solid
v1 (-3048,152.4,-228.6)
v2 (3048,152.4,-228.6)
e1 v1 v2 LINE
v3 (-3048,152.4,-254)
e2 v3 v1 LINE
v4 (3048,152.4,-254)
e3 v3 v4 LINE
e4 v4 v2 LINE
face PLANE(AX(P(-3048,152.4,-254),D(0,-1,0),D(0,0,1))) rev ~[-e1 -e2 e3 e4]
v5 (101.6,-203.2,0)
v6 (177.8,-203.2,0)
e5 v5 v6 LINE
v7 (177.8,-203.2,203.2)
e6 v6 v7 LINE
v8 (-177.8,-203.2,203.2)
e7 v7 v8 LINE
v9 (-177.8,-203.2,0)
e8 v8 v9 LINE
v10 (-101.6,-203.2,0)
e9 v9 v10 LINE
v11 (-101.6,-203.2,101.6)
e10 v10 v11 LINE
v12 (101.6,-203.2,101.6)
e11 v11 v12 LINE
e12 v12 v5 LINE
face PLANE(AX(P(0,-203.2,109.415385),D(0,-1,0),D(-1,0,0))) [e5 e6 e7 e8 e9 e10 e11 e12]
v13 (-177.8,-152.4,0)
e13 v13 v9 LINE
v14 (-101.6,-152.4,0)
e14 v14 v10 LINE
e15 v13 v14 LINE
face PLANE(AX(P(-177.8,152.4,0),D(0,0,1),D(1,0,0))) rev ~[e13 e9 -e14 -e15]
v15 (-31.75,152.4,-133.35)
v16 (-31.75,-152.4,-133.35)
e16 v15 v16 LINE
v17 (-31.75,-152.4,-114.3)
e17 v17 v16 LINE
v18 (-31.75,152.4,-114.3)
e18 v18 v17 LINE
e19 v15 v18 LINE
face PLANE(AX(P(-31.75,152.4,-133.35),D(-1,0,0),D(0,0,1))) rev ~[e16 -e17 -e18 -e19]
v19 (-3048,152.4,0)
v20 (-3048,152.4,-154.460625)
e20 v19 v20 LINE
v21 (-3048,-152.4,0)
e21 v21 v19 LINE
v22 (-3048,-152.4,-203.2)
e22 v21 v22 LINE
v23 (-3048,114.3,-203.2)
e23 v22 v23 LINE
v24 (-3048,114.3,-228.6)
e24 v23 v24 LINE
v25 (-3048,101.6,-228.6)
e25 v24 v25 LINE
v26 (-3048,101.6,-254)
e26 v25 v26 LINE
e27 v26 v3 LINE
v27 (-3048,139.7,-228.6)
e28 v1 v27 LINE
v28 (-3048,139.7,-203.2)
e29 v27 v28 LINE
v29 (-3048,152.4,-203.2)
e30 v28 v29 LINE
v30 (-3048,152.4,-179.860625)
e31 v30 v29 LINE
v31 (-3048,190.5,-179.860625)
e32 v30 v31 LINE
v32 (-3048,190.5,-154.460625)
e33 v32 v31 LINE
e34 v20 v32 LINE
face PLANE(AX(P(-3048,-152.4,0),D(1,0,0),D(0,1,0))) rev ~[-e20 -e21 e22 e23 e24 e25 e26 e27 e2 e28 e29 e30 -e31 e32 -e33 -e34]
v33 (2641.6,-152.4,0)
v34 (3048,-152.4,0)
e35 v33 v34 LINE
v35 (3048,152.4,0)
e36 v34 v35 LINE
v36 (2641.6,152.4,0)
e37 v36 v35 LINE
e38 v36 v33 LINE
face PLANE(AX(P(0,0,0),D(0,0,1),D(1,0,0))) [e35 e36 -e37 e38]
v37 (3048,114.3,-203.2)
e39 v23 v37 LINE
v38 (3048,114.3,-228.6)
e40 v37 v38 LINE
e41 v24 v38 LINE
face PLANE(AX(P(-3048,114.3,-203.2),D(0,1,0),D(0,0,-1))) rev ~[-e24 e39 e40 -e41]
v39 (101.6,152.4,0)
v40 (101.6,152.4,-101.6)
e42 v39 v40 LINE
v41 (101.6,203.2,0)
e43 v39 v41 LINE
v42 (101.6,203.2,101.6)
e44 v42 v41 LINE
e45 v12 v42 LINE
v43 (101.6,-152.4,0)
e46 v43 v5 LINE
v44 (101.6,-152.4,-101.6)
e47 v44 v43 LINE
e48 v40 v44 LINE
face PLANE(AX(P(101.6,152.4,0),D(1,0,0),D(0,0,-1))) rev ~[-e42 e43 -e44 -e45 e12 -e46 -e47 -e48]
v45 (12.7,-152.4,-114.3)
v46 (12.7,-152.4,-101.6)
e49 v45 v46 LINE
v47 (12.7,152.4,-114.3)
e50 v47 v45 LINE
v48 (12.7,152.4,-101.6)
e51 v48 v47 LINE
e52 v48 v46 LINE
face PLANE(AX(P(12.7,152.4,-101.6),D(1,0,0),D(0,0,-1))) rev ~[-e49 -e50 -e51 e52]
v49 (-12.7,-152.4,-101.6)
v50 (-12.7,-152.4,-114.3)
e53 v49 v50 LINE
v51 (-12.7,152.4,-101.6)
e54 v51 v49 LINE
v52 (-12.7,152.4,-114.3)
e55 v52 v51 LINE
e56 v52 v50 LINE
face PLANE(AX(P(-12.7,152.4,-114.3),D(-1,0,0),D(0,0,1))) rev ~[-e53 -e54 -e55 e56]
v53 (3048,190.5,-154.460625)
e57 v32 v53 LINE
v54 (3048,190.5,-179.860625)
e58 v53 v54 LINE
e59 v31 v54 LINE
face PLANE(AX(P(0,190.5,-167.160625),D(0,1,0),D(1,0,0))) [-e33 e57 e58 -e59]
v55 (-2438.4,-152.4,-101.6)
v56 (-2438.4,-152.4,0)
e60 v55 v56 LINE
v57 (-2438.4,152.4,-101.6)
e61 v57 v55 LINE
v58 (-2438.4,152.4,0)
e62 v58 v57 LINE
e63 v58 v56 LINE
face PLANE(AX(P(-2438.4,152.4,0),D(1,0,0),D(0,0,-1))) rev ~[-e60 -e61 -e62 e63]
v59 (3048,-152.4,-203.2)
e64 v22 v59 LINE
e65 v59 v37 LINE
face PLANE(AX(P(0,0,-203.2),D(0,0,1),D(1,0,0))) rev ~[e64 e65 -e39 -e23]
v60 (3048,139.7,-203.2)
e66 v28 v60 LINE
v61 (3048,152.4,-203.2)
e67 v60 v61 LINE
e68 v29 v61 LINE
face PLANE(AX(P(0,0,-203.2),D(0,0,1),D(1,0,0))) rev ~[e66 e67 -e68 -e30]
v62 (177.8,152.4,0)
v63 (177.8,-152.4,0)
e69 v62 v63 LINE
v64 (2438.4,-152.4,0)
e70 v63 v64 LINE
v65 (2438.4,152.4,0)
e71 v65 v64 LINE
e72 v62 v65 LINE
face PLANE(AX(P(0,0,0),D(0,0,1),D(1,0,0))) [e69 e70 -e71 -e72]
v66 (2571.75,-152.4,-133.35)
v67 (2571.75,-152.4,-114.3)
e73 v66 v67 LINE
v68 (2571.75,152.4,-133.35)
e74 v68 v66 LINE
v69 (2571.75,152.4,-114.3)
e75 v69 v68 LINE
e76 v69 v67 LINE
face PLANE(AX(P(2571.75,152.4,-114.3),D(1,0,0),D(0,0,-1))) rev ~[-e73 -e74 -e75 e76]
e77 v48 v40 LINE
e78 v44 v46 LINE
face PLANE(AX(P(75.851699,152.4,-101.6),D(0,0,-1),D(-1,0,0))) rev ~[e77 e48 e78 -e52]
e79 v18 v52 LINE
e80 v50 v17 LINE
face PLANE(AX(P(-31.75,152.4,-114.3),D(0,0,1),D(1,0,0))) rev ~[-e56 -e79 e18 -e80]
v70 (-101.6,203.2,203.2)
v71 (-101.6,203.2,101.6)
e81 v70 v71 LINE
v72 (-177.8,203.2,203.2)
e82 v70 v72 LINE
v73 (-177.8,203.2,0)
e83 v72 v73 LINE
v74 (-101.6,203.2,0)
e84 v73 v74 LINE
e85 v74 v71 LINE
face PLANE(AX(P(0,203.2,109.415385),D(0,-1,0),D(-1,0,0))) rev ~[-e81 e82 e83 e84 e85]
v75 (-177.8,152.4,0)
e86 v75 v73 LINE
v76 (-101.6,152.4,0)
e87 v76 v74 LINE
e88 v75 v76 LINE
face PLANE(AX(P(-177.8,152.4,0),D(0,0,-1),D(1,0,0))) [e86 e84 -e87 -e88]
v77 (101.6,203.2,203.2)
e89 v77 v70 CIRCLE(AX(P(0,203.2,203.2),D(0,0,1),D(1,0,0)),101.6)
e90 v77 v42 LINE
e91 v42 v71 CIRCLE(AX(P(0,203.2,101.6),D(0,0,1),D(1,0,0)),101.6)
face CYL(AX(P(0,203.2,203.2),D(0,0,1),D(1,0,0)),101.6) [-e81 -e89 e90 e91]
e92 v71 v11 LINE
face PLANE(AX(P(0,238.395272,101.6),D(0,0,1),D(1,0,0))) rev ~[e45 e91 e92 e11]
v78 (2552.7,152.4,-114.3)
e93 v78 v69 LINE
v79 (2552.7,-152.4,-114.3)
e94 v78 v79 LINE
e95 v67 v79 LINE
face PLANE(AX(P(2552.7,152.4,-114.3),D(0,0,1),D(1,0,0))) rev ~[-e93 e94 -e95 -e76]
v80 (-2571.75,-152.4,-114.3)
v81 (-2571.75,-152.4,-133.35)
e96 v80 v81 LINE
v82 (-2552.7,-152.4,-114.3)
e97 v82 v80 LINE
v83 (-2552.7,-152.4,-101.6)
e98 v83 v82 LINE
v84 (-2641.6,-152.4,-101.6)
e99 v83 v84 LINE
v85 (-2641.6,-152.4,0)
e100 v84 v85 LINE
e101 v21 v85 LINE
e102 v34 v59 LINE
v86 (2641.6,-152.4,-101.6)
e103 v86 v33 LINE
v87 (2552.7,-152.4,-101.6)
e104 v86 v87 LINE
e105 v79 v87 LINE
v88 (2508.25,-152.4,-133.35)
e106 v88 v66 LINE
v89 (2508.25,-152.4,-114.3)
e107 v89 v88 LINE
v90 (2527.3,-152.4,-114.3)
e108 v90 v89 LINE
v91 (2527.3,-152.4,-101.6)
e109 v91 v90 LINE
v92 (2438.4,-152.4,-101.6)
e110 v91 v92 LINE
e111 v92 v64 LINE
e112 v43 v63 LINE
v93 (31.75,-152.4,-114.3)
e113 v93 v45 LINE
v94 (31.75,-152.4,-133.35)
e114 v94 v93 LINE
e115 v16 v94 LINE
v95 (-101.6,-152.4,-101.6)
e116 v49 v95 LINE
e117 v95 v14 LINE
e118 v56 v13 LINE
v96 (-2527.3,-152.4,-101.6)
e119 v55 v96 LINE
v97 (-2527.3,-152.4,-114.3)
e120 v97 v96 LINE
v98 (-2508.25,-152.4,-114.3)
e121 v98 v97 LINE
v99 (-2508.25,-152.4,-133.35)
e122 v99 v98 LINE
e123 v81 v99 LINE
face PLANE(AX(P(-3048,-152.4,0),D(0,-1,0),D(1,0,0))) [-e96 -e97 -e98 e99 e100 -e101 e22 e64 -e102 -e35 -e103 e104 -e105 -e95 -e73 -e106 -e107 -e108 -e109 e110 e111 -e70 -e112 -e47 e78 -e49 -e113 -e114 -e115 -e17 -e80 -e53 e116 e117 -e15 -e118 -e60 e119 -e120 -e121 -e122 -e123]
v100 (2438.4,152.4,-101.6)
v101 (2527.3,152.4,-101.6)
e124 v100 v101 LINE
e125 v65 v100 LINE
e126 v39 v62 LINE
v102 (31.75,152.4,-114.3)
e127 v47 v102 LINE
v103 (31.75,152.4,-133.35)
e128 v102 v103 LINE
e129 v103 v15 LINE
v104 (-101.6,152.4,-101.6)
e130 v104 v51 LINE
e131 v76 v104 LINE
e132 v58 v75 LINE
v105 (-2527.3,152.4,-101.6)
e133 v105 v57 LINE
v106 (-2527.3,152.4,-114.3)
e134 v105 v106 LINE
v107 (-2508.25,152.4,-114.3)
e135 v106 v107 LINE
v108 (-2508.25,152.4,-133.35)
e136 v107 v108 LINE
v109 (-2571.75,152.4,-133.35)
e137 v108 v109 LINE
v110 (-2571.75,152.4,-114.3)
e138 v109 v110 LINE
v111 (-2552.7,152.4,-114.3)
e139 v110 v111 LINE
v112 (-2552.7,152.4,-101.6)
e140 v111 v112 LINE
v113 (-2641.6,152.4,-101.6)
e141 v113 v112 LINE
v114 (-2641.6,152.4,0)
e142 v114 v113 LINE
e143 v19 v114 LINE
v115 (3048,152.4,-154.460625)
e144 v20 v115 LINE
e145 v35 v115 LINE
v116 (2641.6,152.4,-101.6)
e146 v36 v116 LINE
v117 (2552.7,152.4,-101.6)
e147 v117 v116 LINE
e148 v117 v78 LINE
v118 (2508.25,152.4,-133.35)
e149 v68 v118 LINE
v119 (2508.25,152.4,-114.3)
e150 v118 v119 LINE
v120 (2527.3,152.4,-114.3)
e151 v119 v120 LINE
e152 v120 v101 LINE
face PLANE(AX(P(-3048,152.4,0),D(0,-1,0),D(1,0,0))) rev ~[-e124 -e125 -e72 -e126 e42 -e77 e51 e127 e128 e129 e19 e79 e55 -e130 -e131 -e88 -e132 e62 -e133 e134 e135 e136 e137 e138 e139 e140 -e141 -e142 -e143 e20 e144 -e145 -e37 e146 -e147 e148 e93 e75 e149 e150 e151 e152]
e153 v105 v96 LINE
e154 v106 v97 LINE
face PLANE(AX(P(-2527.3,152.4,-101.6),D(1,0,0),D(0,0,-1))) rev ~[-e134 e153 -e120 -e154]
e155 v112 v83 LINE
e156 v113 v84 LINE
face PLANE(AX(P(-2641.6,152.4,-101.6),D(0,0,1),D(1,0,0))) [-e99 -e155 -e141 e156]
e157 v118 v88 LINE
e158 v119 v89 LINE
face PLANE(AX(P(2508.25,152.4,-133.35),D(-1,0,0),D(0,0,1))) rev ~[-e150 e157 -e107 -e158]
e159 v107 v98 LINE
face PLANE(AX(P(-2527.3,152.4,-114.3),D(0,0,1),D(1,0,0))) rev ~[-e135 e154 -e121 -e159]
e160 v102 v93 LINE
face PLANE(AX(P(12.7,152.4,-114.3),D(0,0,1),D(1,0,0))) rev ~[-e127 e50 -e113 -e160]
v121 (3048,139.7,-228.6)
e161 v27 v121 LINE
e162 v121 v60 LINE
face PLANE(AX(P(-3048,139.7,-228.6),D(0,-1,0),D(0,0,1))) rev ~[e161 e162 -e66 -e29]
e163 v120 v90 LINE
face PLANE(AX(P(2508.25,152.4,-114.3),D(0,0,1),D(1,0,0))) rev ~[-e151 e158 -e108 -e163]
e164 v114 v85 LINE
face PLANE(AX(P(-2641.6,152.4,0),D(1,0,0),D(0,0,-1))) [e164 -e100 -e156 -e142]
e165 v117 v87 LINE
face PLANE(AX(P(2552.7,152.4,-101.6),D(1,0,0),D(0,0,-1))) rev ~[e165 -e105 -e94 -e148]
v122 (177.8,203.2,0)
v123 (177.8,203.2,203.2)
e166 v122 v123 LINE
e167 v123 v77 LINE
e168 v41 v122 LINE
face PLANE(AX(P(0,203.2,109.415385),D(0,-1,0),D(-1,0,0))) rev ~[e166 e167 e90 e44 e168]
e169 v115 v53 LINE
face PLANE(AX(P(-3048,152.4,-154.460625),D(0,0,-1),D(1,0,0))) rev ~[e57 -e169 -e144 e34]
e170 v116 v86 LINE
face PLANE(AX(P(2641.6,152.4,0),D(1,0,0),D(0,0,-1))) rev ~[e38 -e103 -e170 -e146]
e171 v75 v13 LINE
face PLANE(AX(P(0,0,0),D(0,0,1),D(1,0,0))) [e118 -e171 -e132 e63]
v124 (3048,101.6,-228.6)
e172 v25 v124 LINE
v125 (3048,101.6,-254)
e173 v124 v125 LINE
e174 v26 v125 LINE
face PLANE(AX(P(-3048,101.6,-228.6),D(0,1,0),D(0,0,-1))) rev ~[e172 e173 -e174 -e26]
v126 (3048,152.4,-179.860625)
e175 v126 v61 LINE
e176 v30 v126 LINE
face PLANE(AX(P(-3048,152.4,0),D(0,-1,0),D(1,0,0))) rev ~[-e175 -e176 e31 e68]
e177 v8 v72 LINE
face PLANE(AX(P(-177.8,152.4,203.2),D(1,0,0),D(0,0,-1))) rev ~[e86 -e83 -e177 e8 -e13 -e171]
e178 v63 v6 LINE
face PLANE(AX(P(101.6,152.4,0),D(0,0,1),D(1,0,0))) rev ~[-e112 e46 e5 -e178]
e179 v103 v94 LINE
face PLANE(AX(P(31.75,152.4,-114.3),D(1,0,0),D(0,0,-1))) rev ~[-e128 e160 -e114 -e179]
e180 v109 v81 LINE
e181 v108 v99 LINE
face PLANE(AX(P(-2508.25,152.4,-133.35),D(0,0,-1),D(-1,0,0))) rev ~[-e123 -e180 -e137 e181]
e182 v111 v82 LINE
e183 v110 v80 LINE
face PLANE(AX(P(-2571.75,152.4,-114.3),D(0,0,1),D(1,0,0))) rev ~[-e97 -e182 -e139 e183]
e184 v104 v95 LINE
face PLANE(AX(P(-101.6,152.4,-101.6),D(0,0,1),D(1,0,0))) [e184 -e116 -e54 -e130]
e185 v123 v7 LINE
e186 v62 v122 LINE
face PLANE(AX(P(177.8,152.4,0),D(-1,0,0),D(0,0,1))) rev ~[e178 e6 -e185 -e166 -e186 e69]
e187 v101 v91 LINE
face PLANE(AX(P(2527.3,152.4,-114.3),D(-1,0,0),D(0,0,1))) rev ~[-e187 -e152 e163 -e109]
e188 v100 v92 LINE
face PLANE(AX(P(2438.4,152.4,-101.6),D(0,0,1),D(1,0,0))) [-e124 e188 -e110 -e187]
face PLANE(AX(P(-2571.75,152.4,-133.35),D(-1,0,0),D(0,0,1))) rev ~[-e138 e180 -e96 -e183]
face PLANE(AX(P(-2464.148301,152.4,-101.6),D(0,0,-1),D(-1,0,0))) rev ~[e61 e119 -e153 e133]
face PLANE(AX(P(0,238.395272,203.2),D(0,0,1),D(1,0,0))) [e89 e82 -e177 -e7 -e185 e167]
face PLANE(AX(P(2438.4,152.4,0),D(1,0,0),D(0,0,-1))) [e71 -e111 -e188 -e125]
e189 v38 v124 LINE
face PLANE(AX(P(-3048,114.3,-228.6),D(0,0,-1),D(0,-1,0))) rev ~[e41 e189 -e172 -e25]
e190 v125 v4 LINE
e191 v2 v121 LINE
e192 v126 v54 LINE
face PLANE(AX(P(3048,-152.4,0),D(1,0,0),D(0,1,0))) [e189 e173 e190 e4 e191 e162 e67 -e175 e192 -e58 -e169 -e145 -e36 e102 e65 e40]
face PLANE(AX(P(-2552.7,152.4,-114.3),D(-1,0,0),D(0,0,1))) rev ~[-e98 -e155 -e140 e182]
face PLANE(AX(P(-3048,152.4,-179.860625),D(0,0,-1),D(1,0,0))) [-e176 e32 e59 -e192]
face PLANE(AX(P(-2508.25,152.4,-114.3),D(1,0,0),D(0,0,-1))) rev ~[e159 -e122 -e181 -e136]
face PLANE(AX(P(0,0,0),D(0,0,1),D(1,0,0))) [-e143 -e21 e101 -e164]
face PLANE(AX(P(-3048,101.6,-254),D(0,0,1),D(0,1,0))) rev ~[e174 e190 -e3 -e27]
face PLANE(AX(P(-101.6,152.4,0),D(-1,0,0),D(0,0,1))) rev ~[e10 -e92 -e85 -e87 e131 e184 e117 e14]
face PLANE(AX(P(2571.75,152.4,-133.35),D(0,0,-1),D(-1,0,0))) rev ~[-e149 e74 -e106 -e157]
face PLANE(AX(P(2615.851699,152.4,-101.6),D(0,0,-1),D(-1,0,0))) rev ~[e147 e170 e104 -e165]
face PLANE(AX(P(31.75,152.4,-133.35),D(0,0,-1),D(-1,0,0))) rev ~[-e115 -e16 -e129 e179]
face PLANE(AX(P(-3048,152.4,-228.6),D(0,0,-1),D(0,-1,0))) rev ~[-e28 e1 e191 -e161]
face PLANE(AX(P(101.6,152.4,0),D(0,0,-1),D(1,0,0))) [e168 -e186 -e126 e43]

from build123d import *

# Parameters (mm, degrees)
SKETCH2_W                = 6096
SKETCH2_H                = 304.8
BOSS_EXTRUDE1_DEPTH      = 203.2
CUT_EXTRUDE1_DEPTH       = 305.8
LPATTERN1_COUNT          = 2
LPATTERN1_PITCH          = 2540
LPATTERN1_COL_COUNT      = 2
LPATTERN1_COL_PITCH      = 2540
SKETCH5_W                = 6096
SKETCH5_H                = 25.4
BOSS_EXTRUDE2_DEPTH      = 38.1
SKETCH7_W                = 203.2
SKETCH7_H                = 101.6
CUT_EXTRUDE2_DEPTH       = 305.8
LPATTERN2_COUNT          = 2
LPATTERN2_PITCH          = 2540
LPATTERN2_COL_COUNT      = 2
LPATTERN2_COL_PITCH      = 2540
BOSS_EXTRUDE4_DEPTH      = 6096
BOSS_EXTRUDE5_DEPTH      = 50.8
BOSS_EXTRUDE5_DEPTH_BACK = 355.6
BOSS_EXTRUDE6_DEPTH      = 101.6


with BuildPart() as part:
    # Sketch2 → Boss-Extrude1 (new body)
    with BuildSketch(Plane.XY):
        Rectangle(SKETCH2_W, SKETCH2_H)
    extrude(amount=-BOSS_EXTRUDE1_DEPTH)

    # Sketch4 → Cut-Extrude1 (cut, through all)
    with BuildSketch(Plane(origin=(0, 152.4, 0), x_dir=(1, 0, 0), z_dir=(0, 1, 0))):
        Polygon((-75.851698824, 0), (75.851698824, 0), (75.851698824, 101.6), (12.7, 101.6), (12.7, 114.3), (31.75, 114.3), (31.75, 133.35), (-31.75, 133.35), (-31.75, 114.3), (-12.7, 114.3), (-12.7, 101.6), (-75.851698824, 101.6), align=None)
    cut_extrude1 = extrude(amount=-CUT_EXTRUDE1_DEPTH, mode=Mode.SUBTRACT)

    # LPattern1: Cut-Extrude1 ×2
    with Locations(*[(-i * LPATTERN1_PITCH, 0, 0) for i in range(1, LPATTERN1_COUNT)]):
        add(cut_extrude1, mode=Mode.SUBTRACT)

    # LPattern1 col: Cut-Extrude1 ×2
    with Locations(*[(i * LPATTERN1_COL_PITCH, 0, 0) for i in range(1, LPATTERN1_COL_COUNT)]):
        add(cut_extrude1, mode=Mode.SUBTRACT)

    # Sketch5 → Boss-Extrude2 (add)
    with BuildSketch(Plane(origin=(0, 152.4, 0), x_dir=(1, 0, 0), z_dir=(0, 1, 0))):
        with Locations((0, 167.160624532)):
            Rectangle(SKETCH5_W, SKETCH5_H)
    extrude(amount=BOSS_EXTRUDE2_DEPTH)

    # Sketch7 → Cut-Extrude2 (cut, through all)
    with BuildSketch(Plane(origin=(0, 152.4, 0), x_dir=(1, 0, 0), z_dir=(0, 1, 0))):
        with Locations((0, 50.8)):
            Rectangle(SKETCH7_W, SKETCH7_H)
    cut_extrude2 = extrude(amount=-CUT_EXTRUDE2_DEPTH, mode=Mode.SUBTRACT)

    # LPattern2: Cut-Extrude2 ×2
    with Locations(*[(-i * LPATTERN2_PITCH, 0, 0) for i in range(1, LPATTERN2_COUNT)]):
        add(cut_extrude2, mode=Mode.SUBTRACT)

    # LPattern2 col: Cut-Extrude2 ×2
    with Locations(*[(i * LPATTERN2_COL_PITCH, 0, 0) for i in range(1, LPATTERN2_COL_COUNT)]):
        add(cut_extrude2, mode=Mode.SUBTRACT)

    # Sketch9 → Boss-Extrude4 (add)
    with BuildSketch(Plane.ZY.offset(3048)):
        Polygon((-228.6, 152.4), (-228.6, 139.7), (-203.2, 139.7), (-203.2, 114.3), (-228.6, 114.3), (-228.6, 101.6), (-254, 101.6), (-254, 152.4), align=None)
    extrude(amount=-BOSS_EXTRUDE4_DEPTH)

    # Sketch10 → Boss-Extrude5 (add, two sides)
    with BuildSketch(Plane(origin=(0, 152.4, 0), x_dir=(1, 0, 0), z_dir=(0, 1, 0))) as boss_extrude5_sk:
        Polygon((-177.8, 0), (-101.6, 0), (-101.6, -101.6), (101.6, -101.6), (101.6, 0), (177.8, 0), (177.8, -203.2), (-177.8, -203.2), align=None)
    extrude(amount=BOSS_EXTRUDE5_DEPTH)
    extrude(boss_extrude5_sk.sketch, amount=-BOSS_EXTRUDE5_DEPTH_BACK)

    # Sketch11 → Boss-Extrude6 (add)
    with BuildSketch(Plane.XY.offset(203.2)):
        with BuildLine():
            Line((-101.6, 203.2), (101.6, 203.2))
            ThreePointArc((101.6, 203.2), (0, 304.8), (-101.6, 203.2))
        make_face()
    extrude(amount=-BOSS_EXTRUDE6_DEPTH)


solid = part.part
